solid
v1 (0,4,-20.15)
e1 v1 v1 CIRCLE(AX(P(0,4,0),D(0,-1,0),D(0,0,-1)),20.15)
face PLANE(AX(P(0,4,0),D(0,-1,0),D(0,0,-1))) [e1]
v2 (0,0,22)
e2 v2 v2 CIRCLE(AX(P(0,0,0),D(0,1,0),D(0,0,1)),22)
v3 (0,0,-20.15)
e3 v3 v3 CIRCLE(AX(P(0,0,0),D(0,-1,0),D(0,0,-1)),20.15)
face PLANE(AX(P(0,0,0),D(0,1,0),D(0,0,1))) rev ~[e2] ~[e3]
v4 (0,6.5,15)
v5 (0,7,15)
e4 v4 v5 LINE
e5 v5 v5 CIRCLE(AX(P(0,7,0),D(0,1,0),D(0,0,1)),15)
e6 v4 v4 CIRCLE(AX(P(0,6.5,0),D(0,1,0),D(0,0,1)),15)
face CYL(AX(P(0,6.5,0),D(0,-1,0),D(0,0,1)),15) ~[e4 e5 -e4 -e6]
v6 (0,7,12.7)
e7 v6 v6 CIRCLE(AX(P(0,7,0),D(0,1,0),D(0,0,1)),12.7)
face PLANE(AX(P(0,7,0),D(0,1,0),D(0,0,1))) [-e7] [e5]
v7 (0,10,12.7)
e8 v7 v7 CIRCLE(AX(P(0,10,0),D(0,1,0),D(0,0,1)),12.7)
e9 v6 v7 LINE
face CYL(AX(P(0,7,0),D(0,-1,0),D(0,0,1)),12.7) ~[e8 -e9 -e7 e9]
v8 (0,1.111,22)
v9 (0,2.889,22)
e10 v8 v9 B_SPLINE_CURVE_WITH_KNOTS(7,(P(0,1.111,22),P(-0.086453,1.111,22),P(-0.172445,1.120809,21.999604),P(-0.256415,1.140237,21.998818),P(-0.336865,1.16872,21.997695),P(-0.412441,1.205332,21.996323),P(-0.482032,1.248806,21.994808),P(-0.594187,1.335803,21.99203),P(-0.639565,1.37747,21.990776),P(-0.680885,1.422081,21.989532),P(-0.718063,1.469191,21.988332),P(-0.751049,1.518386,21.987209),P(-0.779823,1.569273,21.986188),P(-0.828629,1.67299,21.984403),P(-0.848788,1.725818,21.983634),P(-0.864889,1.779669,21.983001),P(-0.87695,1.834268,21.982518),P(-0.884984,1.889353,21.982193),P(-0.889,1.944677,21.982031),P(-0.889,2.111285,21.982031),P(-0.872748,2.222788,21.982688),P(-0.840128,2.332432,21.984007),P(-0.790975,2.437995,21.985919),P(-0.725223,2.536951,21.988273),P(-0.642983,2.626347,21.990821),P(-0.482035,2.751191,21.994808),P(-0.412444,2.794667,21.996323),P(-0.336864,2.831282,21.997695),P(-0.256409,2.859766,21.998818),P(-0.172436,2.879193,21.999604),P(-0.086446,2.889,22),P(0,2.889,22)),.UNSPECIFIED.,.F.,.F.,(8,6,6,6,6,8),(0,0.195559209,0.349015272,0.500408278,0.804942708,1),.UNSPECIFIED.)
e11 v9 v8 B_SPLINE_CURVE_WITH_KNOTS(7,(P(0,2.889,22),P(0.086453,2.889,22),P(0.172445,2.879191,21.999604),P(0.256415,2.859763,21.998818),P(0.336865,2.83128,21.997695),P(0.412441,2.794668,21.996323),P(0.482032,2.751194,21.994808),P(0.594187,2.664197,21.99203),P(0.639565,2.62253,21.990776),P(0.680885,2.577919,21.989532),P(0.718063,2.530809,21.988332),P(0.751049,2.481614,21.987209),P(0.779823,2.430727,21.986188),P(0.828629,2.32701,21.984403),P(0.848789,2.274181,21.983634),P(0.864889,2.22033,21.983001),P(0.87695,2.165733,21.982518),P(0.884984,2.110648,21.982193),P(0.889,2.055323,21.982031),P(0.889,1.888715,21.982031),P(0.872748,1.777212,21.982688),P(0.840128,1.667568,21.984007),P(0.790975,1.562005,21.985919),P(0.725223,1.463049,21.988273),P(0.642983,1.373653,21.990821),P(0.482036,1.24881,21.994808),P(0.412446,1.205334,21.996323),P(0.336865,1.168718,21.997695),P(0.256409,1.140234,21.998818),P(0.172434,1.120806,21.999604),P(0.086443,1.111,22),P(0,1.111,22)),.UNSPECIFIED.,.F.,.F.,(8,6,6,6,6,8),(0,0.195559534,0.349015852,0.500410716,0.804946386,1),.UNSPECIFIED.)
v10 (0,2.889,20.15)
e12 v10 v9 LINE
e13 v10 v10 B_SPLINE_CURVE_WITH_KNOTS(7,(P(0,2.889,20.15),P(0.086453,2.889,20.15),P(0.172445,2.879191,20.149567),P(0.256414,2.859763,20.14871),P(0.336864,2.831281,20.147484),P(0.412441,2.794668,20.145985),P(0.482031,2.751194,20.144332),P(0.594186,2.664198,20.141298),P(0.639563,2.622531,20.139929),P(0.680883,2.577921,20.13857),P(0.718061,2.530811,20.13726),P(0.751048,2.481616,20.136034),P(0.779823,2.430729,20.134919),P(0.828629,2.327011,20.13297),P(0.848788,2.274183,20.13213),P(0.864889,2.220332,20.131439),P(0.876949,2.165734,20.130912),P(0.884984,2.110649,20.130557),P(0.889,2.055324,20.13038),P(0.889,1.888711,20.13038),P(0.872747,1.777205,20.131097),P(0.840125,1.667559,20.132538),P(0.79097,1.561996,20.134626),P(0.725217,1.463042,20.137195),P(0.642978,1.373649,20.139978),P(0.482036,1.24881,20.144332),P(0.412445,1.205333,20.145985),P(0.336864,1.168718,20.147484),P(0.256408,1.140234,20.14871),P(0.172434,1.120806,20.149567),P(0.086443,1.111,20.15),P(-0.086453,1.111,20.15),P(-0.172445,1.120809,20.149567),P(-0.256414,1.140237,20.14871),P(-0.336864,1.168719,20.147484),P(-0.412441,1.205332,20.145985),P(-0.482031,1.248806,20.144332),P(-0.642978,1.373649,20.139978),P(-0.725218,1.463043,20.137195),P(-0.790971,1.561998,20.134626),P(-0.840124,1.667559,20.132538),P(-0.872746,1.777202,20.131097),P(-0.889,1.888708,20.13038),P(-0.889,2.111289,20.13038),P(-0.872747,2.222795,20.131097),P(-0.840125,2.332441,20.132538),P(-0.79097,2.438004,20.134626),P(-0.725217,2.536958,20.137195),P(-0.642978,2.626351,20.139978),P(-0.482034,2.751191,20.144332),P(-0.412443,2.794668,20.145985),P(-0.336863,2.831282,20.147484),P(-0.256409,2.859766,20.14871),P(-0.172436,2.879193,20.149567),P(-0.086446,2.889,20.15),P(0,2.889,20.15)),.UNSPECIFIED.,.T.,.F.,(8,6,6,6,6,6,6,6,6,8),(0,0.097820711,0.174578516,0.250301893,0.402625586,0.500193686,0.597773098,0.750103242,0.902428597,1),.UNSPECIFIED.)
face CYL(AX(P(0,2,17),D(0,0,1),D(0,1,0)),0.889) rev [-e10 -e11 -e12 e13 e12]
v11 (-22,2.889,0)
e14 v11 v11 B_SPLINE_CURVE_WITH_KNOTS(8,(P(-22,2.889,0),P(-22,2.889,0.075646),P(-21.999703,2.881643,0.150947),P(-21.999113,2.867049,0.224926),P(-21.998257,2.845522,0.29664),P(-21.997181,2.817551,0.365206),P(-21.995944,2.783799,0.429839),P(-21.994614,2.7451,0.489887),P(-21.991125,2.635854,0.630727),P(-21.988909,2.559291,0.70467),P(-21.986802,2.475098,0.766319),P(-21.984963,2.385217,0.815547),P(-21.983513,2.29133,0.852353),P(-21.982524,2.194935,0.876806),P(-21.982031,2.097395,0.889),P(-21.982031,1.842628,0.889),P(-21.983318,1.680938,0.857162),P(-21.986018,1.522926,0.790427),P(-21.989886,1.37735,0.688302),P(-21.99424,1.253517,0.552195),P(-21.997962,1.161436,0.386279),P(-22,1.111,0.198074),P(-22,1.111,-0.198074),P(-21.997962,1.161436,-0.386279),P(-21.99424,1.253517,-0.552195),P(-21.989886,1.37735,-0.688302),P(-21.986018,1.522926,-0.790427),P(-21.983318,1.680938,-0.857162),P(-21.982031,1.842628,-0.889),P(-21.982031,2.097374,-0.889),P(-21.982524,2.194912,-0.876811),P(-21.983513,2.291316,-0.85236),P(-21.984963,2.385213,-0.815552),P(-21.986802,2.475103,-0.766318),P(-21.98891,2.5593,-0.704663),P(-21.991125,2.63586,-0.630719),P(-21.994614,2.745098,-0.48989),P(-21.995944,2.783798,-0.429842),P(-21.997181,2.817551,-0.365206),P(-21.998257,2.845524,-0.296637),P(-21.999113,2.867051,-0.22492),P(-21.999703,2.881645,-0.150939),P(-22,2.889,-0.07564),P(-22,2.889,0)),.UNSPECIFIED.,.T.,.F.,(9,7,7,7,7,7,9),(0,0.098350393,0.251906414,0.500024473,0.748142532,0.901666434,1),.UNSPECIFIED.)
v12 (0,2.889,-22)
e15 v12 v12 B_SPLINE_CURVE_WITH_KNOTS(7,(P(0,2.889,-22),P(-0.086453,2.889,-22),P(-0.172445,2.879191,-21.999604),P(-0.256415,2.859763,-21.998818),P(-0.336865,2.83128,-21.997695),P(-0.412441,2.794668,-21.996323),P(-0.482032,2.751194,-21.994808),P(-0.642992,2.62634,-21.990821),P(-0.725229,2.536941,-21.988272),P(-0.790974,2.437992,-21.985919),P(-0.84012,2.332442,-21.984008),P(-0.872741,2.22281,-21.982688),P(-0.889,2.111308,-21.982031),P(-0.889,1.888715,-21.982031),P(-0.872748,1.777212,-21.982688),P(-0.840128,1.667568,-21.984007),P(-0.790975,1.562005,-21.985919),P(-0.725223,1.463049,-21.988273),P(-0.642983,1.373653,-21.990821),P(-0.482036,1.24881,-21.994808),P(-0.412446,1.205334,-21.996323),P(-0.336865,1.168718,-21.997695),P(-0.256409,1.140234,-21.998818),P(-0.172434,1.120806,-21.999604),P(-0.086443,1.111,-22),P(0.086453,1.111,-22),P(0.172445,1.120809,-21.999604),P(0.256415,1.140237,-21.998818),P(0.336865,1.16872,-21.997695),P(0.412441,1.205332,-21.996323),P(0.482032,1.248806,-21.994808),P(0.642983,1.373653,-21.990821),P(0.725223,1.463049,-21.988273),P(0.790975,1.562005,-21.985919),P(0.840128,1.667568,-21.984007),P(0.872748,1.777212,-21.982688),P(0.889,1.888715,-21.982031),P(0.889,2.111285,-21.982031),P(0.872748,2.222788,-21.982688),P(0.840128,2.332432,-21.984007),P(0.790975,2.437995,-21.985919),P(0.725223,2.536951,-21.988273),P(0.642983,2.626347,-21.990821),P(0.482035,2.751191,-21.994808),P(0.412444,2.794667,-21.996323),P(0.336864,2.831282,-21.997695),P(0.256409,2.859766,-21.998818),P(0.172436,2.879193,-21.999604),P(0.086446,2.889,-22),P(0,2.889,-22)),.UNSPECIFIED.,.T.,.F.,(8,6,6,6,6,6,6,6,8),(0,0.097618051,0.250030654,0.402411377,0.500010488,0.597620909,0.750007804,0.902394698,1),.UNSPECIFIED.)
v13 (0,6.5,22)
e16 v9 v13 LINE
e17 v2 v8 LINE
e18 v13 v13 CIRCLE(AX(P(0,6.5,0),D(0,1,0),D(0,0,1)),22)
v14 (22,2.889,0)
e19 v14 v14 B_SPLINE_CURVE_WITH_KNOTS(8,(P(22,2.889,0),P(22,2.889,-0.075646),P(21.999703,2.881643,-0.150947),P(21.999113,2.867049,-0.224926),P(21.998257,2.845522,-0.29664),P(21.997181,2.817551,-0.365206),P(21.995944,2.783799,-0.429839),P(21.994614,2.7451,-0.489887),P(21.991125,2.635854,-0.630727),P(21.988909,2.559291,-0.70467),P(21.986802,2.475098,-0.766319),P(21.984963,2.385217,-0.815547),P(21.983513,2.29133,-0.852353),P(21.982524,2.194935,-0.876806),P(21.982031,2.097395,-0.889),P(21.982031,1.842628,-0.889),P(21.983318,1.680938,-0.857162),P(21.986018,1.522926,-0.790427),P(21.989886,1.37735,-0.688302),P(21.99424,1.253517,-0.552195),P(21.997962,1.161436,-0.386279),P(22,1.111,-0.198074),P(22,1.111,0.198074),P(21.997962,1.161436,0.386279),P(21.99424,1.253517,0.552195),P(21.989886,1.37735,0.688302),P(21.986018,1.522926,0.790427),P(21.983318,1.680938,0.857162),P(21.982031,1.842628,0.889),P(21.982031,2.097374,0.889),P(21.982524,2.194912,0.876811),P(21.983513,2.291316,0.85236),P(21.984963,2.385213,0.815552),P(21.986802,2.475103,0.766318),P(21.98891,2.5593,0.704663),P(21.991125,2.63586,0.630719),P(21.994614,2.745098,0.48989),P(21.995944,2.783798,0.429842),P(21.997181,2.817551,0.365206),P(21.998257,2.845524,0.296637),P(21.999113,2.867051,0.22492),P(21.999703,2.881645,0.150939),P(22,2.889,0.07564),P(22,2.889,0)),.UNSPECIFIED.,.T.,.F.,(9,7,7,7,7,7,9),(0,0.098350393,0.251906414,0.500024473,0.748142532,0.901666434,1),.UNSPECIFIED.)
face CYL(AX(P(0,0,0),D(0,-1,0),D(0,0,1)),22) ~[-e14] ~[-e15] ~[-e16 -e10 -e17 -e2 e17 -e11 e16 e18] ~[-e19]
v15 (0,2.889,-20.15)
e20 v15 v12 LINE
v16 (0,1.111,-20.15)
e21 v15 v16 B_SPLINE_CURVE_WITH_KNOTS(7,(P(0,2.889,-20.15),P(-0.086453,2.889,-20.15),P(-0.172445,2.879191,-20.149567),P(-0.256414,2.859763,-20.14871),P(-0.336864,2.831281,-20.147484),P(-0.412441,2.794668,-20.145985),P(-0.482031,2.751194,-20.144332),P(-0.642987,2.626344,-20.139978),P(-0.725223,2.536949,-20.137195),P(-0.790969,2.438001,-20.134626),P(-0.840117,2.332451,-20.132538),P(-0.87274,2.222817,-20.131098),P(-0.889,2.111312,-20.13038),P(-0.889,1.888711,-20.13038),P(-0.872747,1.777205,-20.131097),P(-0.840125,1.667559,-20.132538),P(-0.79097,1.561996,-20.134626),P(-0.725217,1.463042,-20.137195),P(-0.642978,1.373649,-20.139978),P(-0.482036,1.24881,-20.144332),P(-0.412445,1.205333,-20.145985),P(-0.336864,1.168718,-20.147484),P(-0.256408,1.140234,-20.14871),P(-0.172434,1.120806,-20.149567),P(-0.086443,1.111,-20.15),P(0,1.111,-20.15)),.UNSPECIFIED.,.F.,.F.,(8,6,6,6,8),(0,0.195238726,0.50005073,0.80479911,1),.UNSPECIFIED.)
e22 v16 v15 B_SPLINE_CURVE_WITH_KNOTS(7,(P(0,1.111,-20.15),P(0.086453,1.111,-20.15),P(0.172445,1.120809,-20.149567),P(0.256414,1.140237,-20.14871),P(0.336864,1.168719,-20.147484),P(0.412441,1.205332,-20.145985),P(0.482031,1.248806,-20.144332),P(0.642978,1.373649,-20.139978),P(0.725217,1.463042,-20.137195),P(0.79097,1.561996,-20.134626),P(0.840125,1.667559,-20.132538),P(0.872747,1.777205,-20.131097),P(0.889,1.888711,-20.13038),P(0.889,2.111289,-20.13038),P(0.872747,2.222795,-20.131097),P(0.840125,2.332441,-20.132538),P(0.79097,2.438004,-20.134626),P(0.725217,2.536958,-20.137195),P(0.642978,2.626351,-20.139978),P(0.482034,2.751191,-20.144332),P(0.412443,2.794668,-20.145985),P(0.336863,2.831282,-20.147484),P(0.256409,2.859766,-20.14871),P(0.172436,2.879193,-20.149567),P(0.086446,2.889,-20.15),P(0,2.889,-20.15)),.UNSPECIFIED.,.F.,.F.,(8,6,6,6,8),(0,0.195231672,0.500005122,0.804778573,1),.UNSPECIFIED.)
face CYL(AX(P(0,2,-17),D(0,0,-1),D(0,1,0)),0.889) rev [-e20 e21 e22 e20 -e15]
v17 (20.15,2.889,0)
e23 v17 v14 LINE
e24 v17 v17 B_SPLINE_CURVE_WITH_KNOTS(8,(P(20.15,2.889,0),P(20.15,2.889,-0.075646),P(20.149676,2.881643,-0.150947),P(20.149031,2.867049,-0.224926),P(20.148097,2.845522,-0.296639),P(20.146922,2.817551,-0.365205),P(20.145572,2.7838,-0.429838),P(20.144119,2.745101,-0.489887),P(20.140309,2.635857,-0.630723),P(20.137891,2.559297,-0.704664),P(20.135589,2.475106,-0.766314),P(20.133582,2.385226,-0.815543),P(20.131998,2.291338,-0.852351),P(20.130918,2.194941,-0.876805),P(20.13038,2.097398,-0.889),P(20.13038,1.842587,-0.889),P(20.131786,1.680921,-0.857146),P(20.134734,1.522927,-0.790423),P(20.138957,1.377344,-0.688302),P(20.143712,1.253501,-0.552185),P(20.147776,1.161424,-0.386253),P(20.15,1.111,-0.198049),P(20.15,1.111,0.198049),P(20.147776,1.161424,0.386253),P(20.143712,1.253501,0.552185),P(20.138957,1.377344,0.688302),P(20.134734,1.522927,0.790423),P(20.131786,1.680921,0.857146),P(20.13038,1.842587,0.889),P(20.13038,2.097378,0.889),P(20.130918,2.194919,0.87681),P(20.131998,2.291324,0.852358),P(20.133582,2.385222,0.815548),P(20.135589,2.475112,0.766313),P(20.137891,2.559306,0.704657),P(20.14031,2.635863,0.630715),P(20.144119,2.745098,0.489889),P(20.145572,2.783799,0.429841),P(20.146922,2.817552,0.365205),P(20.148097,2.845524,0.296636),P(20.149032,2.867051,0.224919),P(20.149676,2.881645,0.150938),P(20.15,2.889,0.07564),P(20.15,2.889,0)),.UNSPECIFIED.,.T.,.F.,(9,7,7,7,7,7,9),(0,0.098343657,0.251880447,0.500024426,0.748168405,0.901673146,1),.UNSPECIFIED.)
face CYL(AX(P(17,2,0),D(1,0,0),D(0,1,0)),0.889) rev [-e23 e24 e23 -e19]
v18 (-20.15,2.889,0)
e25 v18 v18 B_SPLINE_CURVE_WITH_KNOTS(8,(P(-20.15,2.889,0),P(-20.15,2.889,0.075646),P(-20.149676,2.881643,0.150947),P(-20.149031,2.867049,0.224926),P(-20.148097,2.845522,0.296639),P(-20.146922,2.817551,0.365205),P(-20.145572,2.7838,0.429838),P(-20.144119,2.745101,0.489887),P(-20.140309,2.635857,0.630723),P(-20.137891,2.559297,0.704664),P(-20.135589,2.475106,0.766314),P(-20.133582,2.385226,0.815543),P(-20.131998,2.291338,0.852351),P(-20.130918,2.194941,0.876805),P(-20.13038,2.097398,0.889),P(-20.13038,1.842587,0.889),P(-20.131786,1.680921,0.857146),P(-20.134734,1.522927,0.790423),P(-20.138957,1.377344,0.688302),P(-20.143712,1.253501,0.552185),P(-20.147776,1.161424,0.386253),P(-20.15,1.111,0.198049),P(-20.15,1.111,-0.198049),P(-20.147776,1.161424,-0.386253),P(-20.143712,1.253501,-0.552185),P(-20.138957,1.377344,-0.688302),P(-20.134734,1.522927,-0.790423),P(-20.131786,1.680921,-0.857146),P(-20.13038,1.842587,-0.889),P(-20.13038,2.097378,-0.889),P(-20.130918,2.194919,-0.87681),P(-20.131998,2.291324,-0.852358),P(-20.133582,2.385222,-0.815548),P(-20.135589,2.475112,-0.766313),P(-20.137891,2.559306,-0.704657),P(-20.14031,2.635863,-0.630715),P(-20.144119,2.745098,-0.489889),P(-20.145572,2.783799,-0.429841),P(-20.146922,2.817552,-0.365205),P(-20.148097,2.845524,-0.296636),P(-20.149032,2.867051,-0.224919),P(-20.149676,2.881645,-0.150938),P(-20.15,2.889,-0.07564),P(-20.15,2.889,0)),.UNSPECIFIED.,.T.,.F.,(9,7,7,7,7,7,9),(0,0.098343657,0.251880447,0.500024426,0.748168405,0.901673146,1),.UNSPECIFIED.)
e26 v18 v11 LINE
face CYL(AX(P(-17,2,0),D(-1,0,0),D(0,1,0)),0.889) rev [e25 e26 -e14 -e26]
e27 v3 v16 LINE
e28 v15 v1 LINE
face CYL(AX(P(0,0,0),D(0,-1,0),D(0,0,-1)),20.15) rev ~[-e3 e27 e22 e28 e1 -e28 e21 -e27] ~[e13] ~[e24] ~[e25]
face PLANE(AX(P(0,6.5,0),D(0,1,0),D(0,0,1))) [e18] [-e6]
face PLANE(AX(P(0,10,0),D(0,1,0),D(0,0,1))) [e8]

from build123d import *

# Parameters (mm, degrees)
SKETCH_2_R               = 22
EXTRUDE_1_DEPTH          = 10
SKETCH_3_R               = 20
CUT_EXTRUDE_1_DEPTH      = 4
CUT_EXTRUDE_START        = -3
SKETCH_4_R               = 22
SKETCH_4_R_2             = 12.7
CUT_EXTRUDE_2_DEPTH      = 3
SKETCH_9_R               = 20.15
CUT_EXTRUDE_3_DEPTH      = 4
CUT_EXTRUDE_START_2      = -0.5
SKETCH_10_R              = 22
SKETCH_10_R_2            = 15
CUT_EXTRUDE_4_DEPTH      = 0.5
PATTERN_CIRCULAR_1_COUNT = 4


with BuildPart() as part:
    # 草图2 → 凸台-拉伸1 (new body)
    with BuildSketch(Plane(origin=(0, 0, 0), x_dir=(1, 0, 0), z_dir=(0, 1, 0))):
        with Locations(Location((0, 0, 0), (0, 0, 270))):
            Circle(SKETCH_2_R)
    extrude(amount=EXTRUDE_1_DEPTH)

    # 草图3 → 切除-拉伸1 (cut)
    with BuildSketch(Plane.XZ):
        with Locations(Location((0, 0, 0), (0, 0, 270))):
            Circle(SKETCH_3_R)
    extrude(amount=-CUT_EXTRUDE_1_DEPTH, mode=Mode.SUBTRACT)

    # 草图4 → 切除-拉伸2 (cut)
    with BuildSketch(Plane(origin=(0, 10, 0), x_dir=(1, 0, 0), z_dir=(0, 1, 0)).offset(CUT_EXTRUDE_START)):
        with Locations(Location((0, 0, 0), (0, 0, 270))):
            Circle(SKETCH_4_R)
        with Locations(Location((0, 0, 0), (0, 0, 270))):
            Circle(SKETCH_4_R_2, mode=Mode.SUBTRACT)
    extrude(amount=CUT_EXTRUDE_2_DEPTH, mode=Mode.SUBTRACT)

    # 草图9 → 切除-拉伸3 (cut)
    with BuildSketch(Plane.XZ):
        with Locations(Location((0, 0, 0), (0, 0, 270))):
            Circle(SKETCH_9_R)
    extrude(amount=-CUT_EXTRUDE_3_DEPTH, mode=Mode.SUBTRACT)

    # 草图10 → 切除-拉伸4 (cut)
    with BuildSketch(Plane(origin=(0, 7, 0), x_dir=(1, 0, 0), z_dir=(0, 1, 0)).offset(CUT_EXTRUDE_START_2)):
        with Locations(Location((0, 0, 0), (0, 0, 270))):
            Circle(SKETCH_10_R)
        with Locations(Location((0, 0, 0), (0, 0, 270))):
            Circle(SKETCH_10_R_2, mode=Mode.SUBTRACT)
    extrude(amount=CUT_EXTRUDE_4_DEPTH, mode=Mode.SUBTRACT)

    # 草图7 → #2-56 螺纹孔1 (revolve, cut)
    with BuildSketch(Plane(origin=(0, 2, -22), x_dir=(0, 1, 0), z_dir=(1, 0, 0))):
        Polygon((0, 0), (0, 5.53416509), (0.889, 5), (0.889, 0), align=None)
    hole_wizard_2_56_1 = revolve(axis=Axis((0, 2, -28.35), (0, 0, 1)), mode=Mode.SUBTRACT)

    # 阵列(圆周)1: #2-56 螺纹孔1 ×4 about axis
    pattern_circular_1_axis = Axis((0, 0, 0), (0, 1, 0))
    for i in range(1, PATTERN_CIRCULAR_1_COUNT):
        add(hole_wizard_2_56_1.rotate(pattern_circular_1_axis, i * 360 / PATTERN_CIRCULAR_1_COUNT), mode=Mode.SUBTRACT)


solid = part.part
